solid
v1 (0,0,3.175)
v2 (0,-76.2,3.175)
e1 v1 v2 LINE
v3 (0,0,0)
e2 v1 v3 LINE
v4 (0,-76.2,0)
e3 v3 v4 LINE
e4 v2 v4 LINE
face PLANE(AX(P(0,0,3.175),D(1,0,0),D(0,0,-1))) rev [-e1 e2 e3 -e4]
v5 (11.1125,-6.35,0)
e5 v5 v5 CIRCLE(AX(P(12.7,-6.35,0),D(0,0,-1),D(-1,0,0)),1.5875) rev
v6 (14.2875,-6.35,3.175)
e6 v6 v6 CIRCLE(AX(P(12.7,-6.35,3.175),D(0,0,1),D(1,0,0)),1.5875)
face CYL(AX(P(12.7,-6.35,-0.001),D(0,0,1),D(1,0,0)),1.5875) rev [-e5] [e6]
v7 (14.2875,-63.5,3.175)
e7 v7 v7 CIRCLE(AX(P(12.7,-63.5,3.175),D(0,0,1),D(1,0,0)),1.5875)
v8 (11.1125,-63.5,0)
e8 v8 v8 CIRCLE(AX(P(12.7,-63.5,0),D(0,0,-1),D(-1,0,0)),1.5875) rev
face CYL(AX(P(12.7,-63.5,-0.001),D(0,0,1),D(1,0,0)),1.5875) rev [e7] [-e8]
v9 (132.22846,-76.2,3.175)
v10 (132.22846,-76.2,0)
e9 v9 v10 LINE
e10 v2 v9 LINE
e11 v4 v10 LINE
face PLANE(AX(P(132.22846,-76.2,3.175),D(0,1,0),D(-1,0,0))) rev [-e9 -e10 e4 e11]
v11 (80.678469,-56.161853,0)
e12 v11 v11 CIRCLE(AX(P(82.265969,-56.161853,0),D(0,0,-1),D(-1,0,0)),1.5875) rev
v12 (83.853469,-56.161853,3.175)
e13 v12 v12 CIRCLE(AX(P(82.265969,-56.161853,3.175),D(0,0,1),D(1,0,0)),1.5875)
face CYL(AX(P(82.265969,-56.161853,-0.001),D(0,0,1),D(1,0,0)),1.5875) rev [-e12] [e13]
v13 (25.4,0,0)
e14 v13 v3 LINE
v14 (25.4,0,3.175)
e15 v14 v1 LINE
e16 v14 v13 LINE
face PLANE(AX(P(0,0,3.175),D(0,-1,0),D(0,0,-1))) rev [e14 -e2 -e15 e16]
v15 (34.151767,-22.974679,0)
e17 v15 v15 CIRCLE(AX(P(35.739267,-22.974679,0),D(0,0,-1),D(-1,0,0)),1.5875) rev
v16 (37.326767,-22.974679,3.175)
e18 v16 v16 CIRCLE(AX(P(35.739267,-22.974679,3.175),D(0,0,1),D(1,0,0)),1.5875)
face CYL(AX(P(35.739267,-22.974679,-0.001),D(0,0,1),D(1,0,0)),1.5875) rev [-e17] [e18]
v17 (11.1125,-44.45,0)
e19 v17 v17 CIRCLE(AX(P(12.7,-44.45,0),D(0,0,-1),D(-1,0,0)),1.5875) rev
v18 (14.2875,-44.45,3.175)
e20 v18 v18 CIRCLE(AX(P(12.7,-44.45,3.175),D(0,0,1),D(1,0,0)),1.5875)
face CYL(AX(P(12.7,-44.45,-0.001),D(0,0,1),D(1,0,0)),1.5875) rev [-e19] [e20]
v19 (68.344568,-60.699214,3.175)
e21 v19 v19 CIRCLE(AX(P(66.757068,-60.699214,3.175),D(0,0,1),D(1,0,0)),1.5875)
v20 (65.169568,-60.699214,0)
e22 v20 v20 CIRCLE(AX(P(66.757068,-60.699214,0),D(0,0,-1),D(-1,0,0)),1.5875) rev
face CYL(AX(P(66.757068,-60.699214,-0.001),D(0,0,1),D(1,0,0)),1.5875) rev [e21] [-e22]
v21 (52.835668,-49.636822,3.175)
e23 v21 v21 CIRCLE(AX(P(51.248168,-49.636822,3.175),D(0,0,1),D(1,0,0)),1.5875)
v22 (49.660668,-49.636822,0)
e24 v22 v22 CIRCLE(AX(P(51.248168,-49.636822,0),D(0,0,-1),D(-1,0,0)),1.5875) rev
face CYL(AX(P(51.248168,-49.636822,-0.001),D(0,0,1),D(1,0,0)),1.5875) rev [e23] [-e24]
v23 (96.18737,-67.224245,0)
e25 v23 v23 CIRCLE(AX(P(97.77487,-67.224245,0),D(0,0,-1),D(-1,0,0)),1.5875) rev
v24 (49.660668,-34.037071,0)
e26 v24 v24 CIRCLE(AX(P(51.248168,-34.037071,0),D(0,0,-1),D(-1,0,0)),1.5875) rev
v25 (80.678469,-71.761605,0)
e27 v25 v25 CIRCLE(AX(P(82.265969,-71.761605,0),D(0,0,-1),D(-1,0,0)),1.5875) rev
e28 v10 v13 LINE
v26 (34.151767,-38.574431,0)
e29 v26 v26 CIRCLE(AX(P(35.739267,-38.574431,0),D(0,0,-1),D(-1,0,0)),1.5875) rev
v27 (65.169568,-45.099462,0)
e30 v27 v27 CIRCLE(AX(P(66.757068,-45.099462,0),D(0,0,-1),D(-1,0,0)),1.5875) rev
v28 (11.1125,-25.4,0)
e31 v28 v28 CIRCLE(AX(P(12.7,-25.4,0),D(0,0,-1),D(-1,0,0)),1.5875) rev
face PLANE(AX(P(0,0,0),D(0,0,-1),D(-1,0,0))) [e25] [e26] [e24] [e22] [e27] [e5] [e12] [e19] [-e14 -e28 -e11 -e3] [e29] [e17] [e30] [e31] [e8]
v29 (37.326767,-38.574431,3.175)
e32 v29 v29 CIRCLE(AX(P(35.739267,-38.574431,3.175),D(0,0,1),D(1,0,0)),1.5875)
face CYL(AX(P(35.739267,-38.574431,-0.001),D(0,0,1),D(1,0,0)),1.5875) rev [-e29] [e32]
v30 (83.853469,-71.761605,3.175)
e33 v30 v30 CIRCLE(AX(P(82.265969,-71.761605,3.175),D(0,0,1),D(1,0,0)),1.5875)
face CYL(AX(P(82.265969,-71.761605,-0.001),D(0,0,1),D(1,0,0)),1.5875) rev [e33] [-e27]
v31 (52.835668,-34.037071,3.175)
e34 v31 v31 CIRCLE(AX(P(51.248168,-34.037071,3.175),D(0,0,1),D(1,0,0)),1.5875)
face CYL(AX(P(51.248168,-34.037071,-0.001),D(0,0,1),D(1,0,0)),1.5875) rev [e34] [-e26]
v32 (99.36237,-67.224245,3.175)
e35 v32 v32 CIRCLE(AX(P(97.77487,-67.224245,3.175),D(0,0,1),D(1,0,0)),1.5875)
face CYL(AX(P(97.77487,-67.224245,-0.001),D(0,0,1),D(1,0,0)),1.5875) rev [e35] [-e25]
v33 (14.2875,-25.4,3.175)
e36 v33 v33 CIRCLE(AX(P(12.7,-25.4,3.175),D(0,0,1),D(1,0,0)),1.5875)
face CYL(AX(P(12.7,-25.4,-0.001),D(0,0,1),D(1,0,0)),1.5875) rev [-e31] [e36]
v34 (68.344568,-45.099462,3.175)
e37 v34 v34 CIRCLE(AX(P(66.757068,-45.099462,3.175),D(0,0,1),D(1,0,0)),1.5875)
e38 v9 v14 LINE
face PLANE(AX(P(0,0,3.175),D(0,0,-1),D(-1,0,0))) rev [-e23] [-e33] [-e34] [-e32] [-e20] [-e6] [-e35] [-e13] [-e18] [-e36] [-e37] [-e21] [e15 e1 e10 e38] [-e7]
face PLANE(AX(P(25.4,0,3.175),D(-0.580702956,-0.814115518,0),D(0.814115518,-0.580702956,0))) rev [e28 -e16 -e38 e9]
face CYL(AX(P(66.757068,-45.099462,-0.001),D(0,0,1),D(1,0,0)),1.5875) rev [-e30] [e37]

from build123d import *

# Parameters (mm, degrees)
BOSS_EXTRUDE1_DEPTH = 3.175
CUT_EXTRUDE1_REACH  = 154.646
SKETCH2_R           = 1.5875


with BuildPart() as part:
    # Sketch1 → Boss-Extrude1 (new body)
    with BuildSketch(Plane.XY):
        Polygon((0, 0), (25.4, 0), (132.228460039, -76.2), (0, -76.2), align=None)
    extrude(amount=BOSS_EXTRUDE1_DEPTH)

    # Sketch2 → Cut-Extrude1 (cut, up to next)
    with BuildSketch(Plane.XY.offset(3.175), mode=Mode.PRIVATE) as cut_extrude1_sk1:
        with Locations((12.7, -6.35)):
            Circle(SKETCH2_R)
    cut_extrude1_tool1 = extrude(cut_extrude1_sk1.sketch, amount=-CUT_EXTRUDE1_REACH, mode=Mode.PRIVATE) & part.part
    # Sketch2 → Cut-Extrude1 (cut, up to next)
    with BuildSketch(Plane.XY.offset(3.175), mode=Mode.PRIVATE) as cut_extrude1_sk2:
        with Locations((12.7, -25.4)):
            Circle(SKETCH2_R)
    cut_extrude1_tool2 = extrude(cut_extrude1_sk2.sketch, amount=-CUT_EXTRUDE1_REACH, mode=Mode.PRIVATE) & part.part
    # Sketch2 → Cut-Extrude1 (cut, up to next)
    with BuildSketch(Plane.XY.offset(3.175), mode=Mode.PRIVATE) as cut_extrude1_sk3:
        with Locations((12.7, -44.45)):
            Circle(SKETCH2_R)
    cut_extrude1_tool3 = extrude(cut_extrude1_sk3.sketch, amount=-CUT_EXTRUDE1_REACH, mode=Mode.PRIVATE) & part.part
    # Sketch2 → Cut-Extrude1 (cut, up to next)
    with BuildSketch(Plane.XY.offset(3.175), mode=Mode.PRIVATE) as cut_extrude1_sk4:
        with Locations((12.7, -63.5)):
            Circle(SKETCH2_R)
    cut_extrude1_tool4 = extrude(cut_extrude1_sk4.sketch, amount=-CUT_EXTRUDE1_REACH, mode=Mode.PRIVATE) & part.part
    # Sketch2 → Cut-Extrude1 (cut, up to next)
    with BuildSketch(Plane.XY.offset(3.175), mode=Mode.PRIVATE) as cut_extrude1_sk5:
        with Locations((35.739267083, -22.974679309)):
            Circle(SKETCH2_R)
    cut_extrude1_tool5 = extrude(cut_extrude1_sk5.sketch, amount=-CUT_EXTRUDE1_REACH, mode=Mode.PRIVATE) & part.part
    # Sketch2 → Cut-Extrude1 (cut, up to next)
    with BuildSketch(Plane.XY.offset(3.175), mode=Mode.PRIVATE) as cut_extrude1_sk6:
        with Locations((51.248167708, -34.037070616)):
            Circle(SKETCH2_R)
    cut_extrude1_tool6 = extrude(cut_extrude1_sk6.sketch, amount=-CUT_EXTRUDE1_REACH, mode=Mode.PRIVATE) & part.part
    # Sketch2 → Cut-Extrude1 (cut, up to next)
    with BuildSketch(Plane.XY.offset(3.175), mode=Mode.PRIVATE) as cut_extrude1_sk7:
        with Locations((66.757068333, -45.099461922)):
            Circle(SKETCH2_R)
    cut_extrude1_tool7 = extrude(cut_extrude1_sk7.sketch, amount=-CUT_EXTRUDE1_REACH, mode=Mode.PRIVATE) & part.part
    # Sketch2 → Cut-Extrude1 (cut, up to next)
    with BuildSketch(Plane.XY.offset(3.175), mode=Mode.PRIVATE) as cut_extrude1_sk8:
        with Locations((82.265968957, -56.161853228)):
            Circle(SKETCH2_R)
    cut_extrude1_tool8 = extrude(cut_extrude1_sk8.sketch, amount=-CUT_EXTRUDE1_REACH, mode=Mode.PRIVATE) & part.part
    # Sketch2 → Cut-Extrude1 (cut, up to next)
    with BuildSketch(Plane.XY.offset(3.175), mode=Mode.PRIVATE) as cut_extrude1_sk9:
        with Locations((97.774869582, -67.224244535)):
            Circle(SKETCH2_R)
    cut_extrude1_tool9 = extrude(cut_extrude1_sk9.sketch, amount=-CUT_EXTRUDE1_REACH, mode=Mode.PRIVATE) & part.part
    # Sketch2 → Cut-Extrude1 (cut, up to next)
    with BuildSketch(Plane.XY.offset(3.175), mode=Mode.PRIVATE) as cut_extrude1_sk10:
        with Locations((35.739267083, -38.574431081)):
            Circle(SKETCH2_R)
    cut_extrude1_tool10 = extrude(cut_extrude1_sk10.sketch, amount=-CUT_EXTRUDE1_REACH, mode=Mode.PRIVATE) & part.part
    # Sketch2 → Cut-Extrude1 (cut, up to next)
    with BuildSketch(Plane.XY.offset(3.175), mode=Mode.PRIVATE) as cut_extrude1_sk11:
        with Locations((51.248167708, -49.636822388)):
            Circle(SKETCH2_R)
    cut_extrude1_tool11 = extrude(cut_extrude1_sk11.sketch, amount=-CUT_EXTRUDE1_REACH, mode=Mode.PRIVATE) & part.part
    # Sketch2 → Cut-Extrude1 (cut, up to next)
    with BuildSketch(Plane.XY.offset(3.175), mode=Mode.PRIVATE) as cut_extrude1_sk12:
        with Locations((66.757068333, -60.699213694)):
            Circle(SKETCH2_R)
    cut_extrude1_tool12 = extrude(cut_extrude1_sk12.sketch, amount=-CUT_EXTRUDE1_REACH, mode=Mode.PRIVATE) & part.part
    # Sketch2 → Cut-Extrude1 (cut, up to next)
    with BuildSketch(Plane.XY.offset(3.175), mode=Mode.PRIVATE) as cut_extrude1_sk13:
        with Locations((82.265968957, -71.761605)):
            Circle(SKETCH2_R)
    cut_extrude1_tool13 = extrude(cut_extrude1_sk13.sketch, amount=-CUT_EXTRUDE1_REACH, mode=Mode.PRIVATE) & part.part
    add(cut_extrude1_tool1.solids().sort_by_distance((12.7, -6.35, 3.175))[0], mode=Mode.SUBTRACT)
    add(cut_extrude1_tool2.solids().sort_by_distance((12.7, -25.4, 3.175))[0], mode=Mode.SUBTRACT)
    add(cut_extrude1_tool3.solids().sort_by_distance((12.7, -44.45, 3.175))[0], mode=Mode.SUBTRACT)
    add(cut_extrude1_tool4.solids().sort_by_distance((12.7, -63.5, 3.175))[0], mode=Mode.SUBTRACT)
    add(cut_extrude1_tool5.solids().sort_by_distance((35.739267, -22.974679, 3.175))[0], mode=Mode.SUBTRACT)
    add(cut_extrude1_tool6.solids().sort_by_distance((51.248168, -34.037071, 3.175))[0], mode=Mode.SUBTRACT)
    add(cut_extrude1_tool7.solids().sort_by_distance((66.757068, -45.099462, 3.175))[0], mode=Mode.SUBTRACT)
    add(cut_extrude1_tool8.solids().sort_by_distance((82.265969, -56.161853, 3.175))[0], mode=Mode.SUBTRACT)
    add(cut_extrude1_tool9.solids().sort_by_distance((97.77487, -67.224245, 3.175))[0], mode=Mode.SUBTRACT)
    add(cut_extrude1_tool10.solids().sort_by_distance((35.739267, -38.574431, 3.175))[0], mode=Mode.SUBTRACT)
    add(cut_extrude1_tool11.solids().sort_by_distance((51.248168, -49.636822, 3.175))[0], mode=Mode.SUBTRACT)
    add(cut_extrude1_tool12.solids().sort_by_distance((66.757068, -60.699214, 3.175))[0], mode=Mode.SUBTRACT)
    add(cut_extrude1_tool13.solids().sort_by_distance((82.265969, -71.761605, 3.175))[0], mode=Mode.SUBTRACT)


solid = part.part
